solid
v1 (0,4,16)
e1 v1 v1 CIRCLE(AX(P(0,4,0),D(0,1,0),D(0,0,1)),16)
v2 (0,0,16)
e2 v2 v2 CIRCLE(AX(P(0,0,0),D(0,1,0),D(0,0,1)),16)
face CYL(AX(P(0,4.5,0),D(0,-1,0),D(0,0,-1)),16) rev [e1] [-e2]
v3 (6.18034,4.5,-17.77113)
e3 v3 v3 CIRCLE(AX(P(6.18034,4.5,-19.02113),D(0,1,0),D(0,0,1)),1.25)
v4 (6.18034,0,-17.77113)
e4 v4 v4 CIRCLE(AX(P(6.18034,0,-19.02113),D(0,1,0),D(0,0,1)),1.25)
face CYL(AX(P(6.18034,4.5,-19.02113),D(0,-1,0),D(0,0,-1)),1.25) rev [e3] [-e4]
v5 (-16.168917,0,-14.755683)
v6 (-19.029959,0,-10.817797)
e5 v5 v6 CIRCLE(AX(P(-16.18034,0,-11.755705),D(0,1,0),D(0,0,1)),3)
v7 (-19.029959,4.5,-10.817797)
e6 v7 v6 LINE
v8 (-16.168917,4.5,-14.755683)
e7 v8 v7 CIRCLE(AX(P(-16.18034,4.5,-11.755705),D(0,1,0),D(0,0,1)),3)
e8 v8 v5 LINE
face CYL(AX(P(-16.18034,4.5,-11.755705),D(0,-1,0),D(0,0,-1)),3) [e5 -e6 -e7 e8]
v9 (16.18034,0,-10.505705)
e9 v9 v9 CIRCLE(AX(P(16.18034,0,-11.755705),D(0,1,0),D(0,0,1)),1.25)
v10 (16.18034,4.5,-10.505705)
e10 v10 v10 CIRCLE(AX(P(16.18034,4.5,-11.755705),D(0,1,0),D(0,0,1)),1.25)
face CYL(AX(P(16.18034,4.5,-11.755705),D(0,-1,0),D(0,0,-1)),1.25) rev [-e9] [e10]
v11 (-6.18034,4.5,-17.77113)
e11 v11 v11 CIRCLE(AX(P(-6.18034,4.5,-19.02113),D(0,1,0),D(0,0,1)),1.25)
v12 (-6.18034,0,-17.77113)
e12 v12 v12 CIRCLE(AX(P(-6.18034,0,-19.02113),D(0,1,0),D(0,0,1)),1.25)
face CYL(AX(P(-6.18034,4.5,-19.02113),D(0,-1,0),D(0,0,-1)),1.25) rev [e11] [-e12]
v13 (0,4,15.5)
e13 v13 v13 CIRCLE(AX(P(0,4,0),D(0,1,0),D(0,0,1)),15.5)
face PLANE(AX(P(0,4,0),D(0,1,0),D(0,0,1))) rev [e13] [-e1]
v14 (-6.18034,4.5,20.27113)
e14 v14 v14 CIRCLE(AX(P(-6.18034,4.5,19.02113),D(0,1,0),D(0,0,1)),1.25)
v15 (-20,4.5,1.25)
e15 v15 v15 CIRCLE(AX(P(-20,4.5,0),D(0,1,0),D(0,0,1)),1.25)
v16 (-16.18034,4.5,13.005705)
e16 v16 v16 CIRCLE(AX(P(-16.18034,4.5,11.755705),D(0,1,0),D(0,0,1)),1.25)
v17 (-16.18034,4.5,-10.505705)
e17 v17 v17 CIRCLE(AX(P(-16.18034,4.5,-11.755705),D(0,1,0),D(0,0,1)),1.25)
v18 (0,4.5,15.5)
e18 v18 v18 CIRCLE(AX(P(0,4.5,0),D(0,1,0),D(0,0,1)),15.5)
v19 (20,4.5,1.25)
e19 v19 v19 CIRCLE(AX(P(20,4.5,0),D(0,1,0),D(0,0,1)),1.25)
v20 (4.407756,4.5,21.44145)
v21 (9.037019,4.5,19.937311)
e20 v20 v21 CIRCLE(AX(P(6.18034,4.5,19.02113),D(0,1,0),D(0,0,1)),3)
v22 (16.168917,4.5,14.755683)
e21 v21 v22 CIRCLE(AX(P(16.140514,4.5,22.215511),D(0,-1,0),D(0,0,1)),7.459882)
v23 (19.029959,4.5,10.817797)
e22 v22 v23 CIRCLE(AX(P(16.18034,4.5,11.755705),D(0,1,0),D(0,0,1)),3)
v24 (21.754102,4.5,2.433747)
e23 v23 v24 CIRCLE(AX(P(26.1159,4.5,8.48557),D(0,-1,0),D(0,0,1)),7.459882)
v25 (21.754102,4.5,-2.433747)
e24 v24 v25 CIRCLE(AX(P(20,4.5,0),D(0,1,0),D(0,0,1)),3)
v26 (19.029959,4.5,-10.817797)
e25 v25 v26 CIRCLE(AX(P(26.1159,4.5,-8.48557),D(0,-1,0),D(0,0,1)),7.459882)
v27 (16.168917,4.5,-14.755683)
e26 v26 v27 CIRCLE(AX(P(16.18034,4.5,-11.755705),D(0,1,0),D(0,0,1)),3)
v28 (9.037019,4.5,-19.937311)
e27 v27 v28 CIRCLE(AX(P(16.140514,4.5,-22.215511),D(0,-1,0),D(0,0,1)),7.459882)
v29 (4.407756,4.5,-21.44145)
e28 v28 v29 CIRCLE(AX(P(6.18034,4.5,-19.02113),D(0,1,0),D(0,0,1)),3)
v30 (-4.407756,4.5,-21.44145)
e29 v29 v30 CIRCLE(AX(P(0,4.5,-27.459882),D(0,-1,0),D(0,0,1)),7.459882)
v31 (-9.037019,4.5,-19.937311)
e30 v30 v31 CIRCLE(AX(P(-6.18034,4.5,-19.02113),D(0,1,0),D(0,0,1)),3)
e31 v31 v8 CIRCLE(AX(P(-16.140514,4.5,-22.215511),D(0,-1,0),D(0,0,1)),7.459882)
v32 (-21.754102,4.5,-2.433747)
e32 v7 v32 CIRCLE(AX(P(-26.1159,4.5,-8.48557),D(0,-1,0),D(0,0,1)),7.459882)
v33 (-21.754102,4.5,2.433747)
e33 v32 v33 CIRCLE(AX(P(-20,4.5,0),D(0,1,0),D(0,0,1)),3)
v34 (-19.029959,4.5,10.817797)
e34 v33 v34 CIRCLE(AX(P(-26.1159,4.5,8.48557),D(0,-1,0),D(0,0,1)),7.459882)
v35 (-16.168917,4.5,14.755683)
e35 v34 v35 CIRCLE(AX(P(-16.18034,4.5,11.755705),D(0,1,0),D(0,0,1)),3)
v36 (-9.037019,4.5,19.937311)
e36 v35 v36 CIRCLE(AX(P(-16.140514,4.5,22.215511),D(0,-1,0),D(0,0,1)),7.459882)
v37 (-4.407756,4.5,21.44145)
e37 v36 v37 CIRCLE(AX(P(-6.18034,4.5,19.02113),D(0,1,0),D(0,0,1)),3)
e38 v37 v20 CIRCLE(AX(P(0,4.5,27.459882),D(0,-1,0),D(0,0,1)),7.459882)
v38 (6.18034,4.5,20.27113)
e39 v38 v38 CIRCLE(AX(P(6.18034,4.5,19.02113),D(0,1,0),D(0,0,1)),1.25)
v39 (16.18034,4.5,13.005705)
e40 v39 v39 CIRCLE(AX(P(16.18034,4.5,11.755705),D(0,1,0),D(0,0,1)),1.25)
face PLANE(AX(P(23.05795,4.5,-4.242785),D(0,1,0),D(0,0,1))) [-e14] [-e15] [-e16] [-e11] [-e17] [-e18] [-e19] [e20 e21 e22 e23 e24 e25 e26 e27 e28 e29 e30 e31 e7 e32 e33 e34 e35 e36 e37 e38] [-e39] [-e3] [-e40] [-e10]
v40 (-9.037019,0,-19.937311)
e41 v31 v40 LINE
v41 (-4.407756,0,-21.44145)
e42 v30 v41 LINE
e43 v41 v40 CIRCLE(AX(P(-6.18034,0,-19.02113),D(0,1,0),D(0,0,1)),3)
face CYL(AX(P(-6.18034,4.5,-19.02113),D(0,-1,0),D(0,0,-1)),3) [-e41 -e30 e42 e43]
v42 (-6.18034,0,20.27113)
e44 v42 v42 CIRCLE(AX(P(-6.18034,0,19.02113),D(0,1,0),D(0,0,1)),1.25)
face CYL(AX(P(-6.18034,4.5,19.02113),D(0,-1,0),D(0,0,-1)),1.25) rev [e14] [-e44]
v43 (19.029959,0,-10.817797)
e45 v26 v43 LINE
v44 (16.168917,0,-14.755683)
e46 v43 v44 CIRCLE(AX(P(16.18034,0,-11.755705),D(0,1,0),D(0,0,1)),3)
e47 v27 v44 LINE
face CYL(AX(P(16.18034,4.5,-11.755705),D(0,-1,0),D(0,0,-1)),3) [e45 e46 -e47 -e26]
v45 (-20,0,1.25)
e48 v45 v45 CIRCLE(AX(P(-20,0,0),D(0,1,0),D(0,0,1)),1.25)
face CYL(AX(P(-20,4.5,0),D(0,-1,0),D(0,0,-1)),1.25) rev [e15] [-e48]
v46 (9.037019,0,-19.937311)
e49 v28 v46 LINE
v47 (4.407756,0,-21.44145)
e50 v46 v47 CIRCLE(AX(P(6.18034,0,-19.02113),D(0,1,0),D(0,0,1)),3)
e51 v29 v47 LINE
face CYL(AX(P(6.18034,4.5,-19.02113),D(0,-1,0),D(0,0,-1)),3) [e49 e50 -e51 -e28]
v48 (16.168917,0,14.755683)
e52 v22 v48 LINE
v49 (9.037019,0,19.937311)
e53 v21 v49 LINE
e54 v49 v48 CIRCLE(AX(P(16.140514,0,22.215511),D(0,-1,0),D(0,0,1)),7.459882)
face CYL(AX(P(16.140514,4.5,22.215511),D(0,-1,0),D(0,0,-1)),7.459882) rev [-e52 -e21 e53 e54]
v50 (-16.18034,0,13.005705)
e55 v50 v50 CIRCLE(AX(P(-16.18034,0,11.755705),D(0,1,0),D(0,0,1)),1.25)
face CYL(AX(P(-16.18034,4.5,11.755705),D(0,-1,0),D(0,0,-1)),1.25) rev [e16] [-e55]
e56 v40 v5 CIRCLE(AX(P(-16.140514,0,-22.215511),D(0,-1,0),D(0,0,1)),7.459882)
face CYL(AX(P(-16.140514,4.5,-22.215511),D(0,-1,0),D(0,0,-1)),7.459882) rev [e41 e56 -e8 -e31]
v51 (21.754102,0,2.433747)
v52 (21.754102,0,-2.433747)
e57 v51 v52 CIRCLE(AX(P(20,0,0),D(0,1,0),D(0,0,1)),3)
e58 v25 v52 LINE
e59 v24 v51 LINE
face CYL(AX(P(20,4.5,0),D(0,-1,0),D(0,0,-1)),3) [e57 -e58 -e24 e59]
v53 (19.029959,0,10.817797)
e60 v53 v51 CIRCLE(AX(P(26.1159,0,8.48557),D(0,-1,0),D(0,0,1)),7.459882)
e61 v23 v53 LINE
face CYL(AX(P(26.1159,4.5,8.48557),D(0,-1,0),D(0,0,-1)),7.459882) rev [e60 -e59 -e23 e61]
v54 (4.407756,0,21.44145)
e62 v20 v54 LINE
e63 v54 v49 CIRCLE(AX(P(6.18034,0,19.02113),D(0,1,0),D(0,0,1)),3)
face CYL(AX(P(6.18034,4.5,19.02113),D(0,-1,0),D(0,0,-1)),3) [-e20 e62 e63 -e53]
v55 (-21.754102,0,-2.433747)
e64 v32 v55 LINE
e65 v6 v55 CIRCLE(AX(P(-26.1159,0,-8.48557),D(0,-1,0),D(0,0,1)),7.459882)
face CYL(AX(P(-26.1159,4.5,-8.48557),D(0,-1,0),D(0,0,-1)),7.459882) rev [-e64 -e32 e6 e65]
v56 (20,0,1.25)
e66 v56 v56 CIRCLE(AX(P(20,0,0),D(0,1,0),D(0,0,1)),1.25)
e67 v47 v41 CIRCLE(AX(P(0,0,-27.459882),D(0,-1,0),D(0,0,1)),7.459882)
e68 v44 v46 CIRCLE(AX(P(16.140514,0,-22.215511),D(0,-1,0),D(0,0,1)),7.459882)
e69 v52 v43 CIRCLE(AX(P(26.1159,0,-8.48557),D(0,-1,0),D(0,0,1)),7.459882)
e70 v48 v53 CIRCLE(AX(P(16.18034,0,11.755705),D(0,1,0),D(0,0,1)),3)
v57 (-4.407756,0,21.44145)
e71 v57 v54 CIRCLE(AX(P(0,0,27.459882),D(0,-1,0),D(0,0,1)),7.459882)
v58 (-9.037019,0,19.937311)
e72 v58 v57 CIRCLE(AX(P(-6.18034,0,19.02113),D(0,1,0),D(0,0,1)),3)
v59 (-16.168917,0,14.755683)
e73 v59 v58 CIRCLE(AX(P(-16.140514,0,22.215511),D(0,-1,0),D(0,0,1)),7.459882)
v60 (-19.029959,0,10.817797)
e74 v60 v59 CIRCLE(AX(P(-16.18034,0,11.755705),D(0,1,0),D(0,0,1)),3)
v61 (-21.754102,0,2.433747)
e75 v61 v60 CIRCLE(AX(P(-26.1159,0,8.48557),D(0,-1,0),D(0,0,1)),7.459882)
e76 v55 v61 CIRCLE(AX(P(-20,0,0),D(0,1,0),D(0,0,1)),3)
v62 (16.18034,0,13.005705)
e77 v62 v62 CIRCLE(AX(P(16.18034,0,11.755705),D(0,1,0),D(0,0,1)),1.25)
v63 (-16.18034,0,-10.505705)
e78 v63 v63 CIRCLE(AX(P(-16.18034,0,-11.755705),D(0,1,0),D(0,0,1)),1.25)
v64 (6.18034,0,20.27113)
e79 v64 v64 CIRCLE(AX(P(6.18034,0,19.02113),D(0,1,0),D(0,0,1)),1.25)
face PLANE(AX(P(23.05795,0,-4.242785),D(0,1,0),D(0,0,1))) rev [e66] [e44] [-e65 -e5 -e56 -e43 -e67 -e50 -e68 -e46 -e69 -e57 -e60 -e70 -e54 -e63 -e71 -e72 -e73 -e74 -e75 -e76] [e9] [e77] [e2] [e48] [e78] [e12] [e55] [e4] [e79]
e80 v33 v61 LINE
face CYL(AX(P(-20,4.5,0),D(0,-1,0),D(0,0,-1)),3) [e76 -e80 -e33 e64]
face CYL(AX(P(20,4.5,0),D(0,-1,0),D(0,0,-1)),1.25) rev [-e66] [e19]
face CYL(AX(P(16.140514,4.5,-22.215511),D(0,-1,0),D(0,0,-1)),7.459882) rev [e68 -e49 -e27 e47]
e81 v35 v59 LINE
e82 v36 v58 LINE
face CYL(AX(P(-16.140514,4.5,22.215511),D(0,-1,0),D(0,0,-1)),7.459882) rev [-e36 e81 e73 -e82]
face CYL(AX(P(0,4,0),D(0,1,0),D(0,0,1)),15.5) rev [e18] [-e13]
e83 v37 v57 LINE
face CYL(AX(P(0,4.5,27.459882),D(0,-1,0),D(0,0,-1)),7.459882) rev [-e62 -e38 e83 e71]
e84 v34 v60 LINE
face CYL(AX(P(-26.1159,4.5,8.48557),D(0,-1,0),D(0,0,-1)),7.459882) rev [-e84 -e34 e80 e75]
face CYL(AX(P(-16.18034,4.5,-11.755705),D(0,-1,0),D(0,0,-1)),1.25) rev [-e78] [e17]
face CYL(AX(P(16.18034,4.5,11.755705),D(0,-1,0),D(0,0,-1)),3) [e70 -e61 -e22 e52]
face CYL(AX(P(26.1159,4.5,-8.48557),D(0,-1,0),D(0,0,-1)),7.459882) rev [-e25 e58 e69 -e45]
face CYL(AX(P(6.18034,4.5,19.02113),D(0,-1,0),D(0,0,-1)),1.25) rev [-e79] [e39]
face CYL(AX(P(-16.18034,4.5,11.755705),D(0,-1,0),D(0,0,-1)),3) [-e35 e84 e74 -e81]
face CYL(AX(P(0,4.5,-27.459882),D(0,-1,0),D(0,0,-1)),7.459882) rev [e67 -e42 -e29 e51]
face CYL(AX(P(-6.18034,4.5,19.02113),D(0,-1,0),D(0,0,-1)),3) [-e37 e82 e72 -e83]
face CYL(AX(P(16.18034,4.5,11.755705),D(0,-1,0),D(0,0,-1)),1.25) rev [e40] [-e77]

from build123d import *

# Parameters (mm, degrees)
SKETCH_1_R      = 1.25
SKETCH_1_R_2    = 16
EXTRUDE_1_DEPTH = 4.5
SKETCH_2_R      = 16
SKETCH_2_R_2    = 15.5
EXTRUDE_2_DEPTH = 0.5


with BuildPart() as part:
    # 草图1 → 凸台-拉伸1 (new body)
    with BuildSketch(Plane(origin=(0, 0, 0), x_dir=(1, 0, 0), z_dir=(0, 1, 0))):
        with BuildLine():
            ThreePointArc((21.75410191, -2.433747417), (23, 0), (21.75410191, 2.433747417))
            ThreePointArc((21.75410191, 2.433747417), (19.021130326, 6.180339887), (19.029958982, 10.81779726))
            ThreePointArc((19.029958982, 10.81779726), (18.607390871, 13.519060803), (16.168917304, 14.7556833))
            ThreePointArc((16.168917304, 14.7556833), (11.755705046, 16.180339887), (9.037018527, 19.937311066))
            ThreePointArc((9.037018527, 19.937311066), (7.107390871, 21.874299875), (4.407755848, 21.44144969))
            ThreePointArc((4.407755848, 21.44144969), (0, 20), (-4.407755848, 21.44144969))
            ThreePointArc((-4.407755848, 21.44144969), (-7.107390871, 21.874299875), (-9.037018527, 19.937311066))
            ThreePointArc((-9.037018527, 19.937311066), (-11.755705046, 16.180339887), (-16.168917304, 14.7556833))
            ThreePointArc((-16.168917304, 14.7556833), (-18.607390871, 13.519060803), (-19.029958982, 10.81779726))
            ThreePointArc((-19.029958982, 10.81779726), (-19.021130326, 6.180339887), (-21.75410191, 2.433747417))
            ThreePointArc((-21.75410191, 2.433747417), (-23, 0), (-21.75410191, -2.433747417))
            ThreePointArc((-21.75410191, -2.433747417), (-19.021130326, -6.180339887), (-19.029958982, -10.81779726))
            ThreePointArc((-19.029958982, -10.81779726), (-18.607390871, -13.519060803), (-16.168917304, -14.7556833))
            ThreePointArc((-16.168917304, -14.7556833), (-11.755705046, -16.180339887), (-9.037018527, -19.937311066))
            ThreePointArc((-9.037018527, -19.937311066), (-7.107390871, -21.874299875), (-4.407755848, -21.44144969))
            ThreePointArc((-4.407755848, -21.44144969), (0, -20), (4.407755848, -21.44144969))
            ThreePointArc((4.407755848, -21.44144969), (7.107390871, -21.874299875), (9.037018527, -19.937311066))
            ThreePointArc((9.037018527, -19.937311066), (11.755705046, -16.180339887), (16.168917304, -14.7556833))
            ThreePointArc((16.168917304, -14.7556833), (18.607390871, -13.519060803), (19.029958982, -10.81779726))
            ThreePointArc((19.029958982, -10.81779726), (19.021130326, -6.180339887), (21.75410191, -2.433747417))
        make_face()
        with Locations((20, 0)):
            Circle(SKETCH_1_R, mode=Mode.SUBTRACT)
        with Locations((16.180339887, -11.755705046)):
            Circle(SKETCH_1_R, mode=Mode.SUBTRACT)
        with Locations((6.180339887, -19.021130326)):
            Circle(SKETCH_1_R, mode=Mode.SUBTRACT)
        with Locations((-6.180339887, -19.021130326)):
            Circle(SKETCH_1_R, mode=Mode.SUBTRACT)
        with Locations((-16.180339887, -11.755705046)):
            Circle(SKETCH_1_R, mode=Mode.SUBTRACT)
        with Locations((-20, 0)):
            Circle(SKETCH_1_R, mode=Mode.SUBTRACT)
        with Locations((-16.180339887, 11.755705046)):
            Circle(SKETCH_1_R, mode=Mode.SUBTRACT)
        with Locations((-6.180339887, 19.021130326)):
            Circle(SKETCH_1_R, mode=Mode.SUBTRACT)
        with Locations((6.180339887, 19.021130326)):
            Circle(SKETCH_1_R, mode=Mode.SUBTRACT)
        with Locations((16.180339887, 11.755705046)):
            Circle(SKETCH_1_R, mode=Mode.SUBTRACT)
        Circle(SKETCH_1_R_2, mode=Mode.SUBTRACT)
    extrude(amount=EXTRUDE_1_DEPTH)

    # 草图2 → 凸台-拉伸2 (add)
    with BuildSketch(Plane(origin=(0, 4.5, 0), x_dir=(1, 0, 0), z_dir=(0, 1, 0))):
        Circle(SKETCH_2_R)
        Circle(SKETCH_2_R_2, mode=Mode.SUBTRACT)
    extrude(amount=-EXTRUDE_2_DEPTH)


solid = part.part
